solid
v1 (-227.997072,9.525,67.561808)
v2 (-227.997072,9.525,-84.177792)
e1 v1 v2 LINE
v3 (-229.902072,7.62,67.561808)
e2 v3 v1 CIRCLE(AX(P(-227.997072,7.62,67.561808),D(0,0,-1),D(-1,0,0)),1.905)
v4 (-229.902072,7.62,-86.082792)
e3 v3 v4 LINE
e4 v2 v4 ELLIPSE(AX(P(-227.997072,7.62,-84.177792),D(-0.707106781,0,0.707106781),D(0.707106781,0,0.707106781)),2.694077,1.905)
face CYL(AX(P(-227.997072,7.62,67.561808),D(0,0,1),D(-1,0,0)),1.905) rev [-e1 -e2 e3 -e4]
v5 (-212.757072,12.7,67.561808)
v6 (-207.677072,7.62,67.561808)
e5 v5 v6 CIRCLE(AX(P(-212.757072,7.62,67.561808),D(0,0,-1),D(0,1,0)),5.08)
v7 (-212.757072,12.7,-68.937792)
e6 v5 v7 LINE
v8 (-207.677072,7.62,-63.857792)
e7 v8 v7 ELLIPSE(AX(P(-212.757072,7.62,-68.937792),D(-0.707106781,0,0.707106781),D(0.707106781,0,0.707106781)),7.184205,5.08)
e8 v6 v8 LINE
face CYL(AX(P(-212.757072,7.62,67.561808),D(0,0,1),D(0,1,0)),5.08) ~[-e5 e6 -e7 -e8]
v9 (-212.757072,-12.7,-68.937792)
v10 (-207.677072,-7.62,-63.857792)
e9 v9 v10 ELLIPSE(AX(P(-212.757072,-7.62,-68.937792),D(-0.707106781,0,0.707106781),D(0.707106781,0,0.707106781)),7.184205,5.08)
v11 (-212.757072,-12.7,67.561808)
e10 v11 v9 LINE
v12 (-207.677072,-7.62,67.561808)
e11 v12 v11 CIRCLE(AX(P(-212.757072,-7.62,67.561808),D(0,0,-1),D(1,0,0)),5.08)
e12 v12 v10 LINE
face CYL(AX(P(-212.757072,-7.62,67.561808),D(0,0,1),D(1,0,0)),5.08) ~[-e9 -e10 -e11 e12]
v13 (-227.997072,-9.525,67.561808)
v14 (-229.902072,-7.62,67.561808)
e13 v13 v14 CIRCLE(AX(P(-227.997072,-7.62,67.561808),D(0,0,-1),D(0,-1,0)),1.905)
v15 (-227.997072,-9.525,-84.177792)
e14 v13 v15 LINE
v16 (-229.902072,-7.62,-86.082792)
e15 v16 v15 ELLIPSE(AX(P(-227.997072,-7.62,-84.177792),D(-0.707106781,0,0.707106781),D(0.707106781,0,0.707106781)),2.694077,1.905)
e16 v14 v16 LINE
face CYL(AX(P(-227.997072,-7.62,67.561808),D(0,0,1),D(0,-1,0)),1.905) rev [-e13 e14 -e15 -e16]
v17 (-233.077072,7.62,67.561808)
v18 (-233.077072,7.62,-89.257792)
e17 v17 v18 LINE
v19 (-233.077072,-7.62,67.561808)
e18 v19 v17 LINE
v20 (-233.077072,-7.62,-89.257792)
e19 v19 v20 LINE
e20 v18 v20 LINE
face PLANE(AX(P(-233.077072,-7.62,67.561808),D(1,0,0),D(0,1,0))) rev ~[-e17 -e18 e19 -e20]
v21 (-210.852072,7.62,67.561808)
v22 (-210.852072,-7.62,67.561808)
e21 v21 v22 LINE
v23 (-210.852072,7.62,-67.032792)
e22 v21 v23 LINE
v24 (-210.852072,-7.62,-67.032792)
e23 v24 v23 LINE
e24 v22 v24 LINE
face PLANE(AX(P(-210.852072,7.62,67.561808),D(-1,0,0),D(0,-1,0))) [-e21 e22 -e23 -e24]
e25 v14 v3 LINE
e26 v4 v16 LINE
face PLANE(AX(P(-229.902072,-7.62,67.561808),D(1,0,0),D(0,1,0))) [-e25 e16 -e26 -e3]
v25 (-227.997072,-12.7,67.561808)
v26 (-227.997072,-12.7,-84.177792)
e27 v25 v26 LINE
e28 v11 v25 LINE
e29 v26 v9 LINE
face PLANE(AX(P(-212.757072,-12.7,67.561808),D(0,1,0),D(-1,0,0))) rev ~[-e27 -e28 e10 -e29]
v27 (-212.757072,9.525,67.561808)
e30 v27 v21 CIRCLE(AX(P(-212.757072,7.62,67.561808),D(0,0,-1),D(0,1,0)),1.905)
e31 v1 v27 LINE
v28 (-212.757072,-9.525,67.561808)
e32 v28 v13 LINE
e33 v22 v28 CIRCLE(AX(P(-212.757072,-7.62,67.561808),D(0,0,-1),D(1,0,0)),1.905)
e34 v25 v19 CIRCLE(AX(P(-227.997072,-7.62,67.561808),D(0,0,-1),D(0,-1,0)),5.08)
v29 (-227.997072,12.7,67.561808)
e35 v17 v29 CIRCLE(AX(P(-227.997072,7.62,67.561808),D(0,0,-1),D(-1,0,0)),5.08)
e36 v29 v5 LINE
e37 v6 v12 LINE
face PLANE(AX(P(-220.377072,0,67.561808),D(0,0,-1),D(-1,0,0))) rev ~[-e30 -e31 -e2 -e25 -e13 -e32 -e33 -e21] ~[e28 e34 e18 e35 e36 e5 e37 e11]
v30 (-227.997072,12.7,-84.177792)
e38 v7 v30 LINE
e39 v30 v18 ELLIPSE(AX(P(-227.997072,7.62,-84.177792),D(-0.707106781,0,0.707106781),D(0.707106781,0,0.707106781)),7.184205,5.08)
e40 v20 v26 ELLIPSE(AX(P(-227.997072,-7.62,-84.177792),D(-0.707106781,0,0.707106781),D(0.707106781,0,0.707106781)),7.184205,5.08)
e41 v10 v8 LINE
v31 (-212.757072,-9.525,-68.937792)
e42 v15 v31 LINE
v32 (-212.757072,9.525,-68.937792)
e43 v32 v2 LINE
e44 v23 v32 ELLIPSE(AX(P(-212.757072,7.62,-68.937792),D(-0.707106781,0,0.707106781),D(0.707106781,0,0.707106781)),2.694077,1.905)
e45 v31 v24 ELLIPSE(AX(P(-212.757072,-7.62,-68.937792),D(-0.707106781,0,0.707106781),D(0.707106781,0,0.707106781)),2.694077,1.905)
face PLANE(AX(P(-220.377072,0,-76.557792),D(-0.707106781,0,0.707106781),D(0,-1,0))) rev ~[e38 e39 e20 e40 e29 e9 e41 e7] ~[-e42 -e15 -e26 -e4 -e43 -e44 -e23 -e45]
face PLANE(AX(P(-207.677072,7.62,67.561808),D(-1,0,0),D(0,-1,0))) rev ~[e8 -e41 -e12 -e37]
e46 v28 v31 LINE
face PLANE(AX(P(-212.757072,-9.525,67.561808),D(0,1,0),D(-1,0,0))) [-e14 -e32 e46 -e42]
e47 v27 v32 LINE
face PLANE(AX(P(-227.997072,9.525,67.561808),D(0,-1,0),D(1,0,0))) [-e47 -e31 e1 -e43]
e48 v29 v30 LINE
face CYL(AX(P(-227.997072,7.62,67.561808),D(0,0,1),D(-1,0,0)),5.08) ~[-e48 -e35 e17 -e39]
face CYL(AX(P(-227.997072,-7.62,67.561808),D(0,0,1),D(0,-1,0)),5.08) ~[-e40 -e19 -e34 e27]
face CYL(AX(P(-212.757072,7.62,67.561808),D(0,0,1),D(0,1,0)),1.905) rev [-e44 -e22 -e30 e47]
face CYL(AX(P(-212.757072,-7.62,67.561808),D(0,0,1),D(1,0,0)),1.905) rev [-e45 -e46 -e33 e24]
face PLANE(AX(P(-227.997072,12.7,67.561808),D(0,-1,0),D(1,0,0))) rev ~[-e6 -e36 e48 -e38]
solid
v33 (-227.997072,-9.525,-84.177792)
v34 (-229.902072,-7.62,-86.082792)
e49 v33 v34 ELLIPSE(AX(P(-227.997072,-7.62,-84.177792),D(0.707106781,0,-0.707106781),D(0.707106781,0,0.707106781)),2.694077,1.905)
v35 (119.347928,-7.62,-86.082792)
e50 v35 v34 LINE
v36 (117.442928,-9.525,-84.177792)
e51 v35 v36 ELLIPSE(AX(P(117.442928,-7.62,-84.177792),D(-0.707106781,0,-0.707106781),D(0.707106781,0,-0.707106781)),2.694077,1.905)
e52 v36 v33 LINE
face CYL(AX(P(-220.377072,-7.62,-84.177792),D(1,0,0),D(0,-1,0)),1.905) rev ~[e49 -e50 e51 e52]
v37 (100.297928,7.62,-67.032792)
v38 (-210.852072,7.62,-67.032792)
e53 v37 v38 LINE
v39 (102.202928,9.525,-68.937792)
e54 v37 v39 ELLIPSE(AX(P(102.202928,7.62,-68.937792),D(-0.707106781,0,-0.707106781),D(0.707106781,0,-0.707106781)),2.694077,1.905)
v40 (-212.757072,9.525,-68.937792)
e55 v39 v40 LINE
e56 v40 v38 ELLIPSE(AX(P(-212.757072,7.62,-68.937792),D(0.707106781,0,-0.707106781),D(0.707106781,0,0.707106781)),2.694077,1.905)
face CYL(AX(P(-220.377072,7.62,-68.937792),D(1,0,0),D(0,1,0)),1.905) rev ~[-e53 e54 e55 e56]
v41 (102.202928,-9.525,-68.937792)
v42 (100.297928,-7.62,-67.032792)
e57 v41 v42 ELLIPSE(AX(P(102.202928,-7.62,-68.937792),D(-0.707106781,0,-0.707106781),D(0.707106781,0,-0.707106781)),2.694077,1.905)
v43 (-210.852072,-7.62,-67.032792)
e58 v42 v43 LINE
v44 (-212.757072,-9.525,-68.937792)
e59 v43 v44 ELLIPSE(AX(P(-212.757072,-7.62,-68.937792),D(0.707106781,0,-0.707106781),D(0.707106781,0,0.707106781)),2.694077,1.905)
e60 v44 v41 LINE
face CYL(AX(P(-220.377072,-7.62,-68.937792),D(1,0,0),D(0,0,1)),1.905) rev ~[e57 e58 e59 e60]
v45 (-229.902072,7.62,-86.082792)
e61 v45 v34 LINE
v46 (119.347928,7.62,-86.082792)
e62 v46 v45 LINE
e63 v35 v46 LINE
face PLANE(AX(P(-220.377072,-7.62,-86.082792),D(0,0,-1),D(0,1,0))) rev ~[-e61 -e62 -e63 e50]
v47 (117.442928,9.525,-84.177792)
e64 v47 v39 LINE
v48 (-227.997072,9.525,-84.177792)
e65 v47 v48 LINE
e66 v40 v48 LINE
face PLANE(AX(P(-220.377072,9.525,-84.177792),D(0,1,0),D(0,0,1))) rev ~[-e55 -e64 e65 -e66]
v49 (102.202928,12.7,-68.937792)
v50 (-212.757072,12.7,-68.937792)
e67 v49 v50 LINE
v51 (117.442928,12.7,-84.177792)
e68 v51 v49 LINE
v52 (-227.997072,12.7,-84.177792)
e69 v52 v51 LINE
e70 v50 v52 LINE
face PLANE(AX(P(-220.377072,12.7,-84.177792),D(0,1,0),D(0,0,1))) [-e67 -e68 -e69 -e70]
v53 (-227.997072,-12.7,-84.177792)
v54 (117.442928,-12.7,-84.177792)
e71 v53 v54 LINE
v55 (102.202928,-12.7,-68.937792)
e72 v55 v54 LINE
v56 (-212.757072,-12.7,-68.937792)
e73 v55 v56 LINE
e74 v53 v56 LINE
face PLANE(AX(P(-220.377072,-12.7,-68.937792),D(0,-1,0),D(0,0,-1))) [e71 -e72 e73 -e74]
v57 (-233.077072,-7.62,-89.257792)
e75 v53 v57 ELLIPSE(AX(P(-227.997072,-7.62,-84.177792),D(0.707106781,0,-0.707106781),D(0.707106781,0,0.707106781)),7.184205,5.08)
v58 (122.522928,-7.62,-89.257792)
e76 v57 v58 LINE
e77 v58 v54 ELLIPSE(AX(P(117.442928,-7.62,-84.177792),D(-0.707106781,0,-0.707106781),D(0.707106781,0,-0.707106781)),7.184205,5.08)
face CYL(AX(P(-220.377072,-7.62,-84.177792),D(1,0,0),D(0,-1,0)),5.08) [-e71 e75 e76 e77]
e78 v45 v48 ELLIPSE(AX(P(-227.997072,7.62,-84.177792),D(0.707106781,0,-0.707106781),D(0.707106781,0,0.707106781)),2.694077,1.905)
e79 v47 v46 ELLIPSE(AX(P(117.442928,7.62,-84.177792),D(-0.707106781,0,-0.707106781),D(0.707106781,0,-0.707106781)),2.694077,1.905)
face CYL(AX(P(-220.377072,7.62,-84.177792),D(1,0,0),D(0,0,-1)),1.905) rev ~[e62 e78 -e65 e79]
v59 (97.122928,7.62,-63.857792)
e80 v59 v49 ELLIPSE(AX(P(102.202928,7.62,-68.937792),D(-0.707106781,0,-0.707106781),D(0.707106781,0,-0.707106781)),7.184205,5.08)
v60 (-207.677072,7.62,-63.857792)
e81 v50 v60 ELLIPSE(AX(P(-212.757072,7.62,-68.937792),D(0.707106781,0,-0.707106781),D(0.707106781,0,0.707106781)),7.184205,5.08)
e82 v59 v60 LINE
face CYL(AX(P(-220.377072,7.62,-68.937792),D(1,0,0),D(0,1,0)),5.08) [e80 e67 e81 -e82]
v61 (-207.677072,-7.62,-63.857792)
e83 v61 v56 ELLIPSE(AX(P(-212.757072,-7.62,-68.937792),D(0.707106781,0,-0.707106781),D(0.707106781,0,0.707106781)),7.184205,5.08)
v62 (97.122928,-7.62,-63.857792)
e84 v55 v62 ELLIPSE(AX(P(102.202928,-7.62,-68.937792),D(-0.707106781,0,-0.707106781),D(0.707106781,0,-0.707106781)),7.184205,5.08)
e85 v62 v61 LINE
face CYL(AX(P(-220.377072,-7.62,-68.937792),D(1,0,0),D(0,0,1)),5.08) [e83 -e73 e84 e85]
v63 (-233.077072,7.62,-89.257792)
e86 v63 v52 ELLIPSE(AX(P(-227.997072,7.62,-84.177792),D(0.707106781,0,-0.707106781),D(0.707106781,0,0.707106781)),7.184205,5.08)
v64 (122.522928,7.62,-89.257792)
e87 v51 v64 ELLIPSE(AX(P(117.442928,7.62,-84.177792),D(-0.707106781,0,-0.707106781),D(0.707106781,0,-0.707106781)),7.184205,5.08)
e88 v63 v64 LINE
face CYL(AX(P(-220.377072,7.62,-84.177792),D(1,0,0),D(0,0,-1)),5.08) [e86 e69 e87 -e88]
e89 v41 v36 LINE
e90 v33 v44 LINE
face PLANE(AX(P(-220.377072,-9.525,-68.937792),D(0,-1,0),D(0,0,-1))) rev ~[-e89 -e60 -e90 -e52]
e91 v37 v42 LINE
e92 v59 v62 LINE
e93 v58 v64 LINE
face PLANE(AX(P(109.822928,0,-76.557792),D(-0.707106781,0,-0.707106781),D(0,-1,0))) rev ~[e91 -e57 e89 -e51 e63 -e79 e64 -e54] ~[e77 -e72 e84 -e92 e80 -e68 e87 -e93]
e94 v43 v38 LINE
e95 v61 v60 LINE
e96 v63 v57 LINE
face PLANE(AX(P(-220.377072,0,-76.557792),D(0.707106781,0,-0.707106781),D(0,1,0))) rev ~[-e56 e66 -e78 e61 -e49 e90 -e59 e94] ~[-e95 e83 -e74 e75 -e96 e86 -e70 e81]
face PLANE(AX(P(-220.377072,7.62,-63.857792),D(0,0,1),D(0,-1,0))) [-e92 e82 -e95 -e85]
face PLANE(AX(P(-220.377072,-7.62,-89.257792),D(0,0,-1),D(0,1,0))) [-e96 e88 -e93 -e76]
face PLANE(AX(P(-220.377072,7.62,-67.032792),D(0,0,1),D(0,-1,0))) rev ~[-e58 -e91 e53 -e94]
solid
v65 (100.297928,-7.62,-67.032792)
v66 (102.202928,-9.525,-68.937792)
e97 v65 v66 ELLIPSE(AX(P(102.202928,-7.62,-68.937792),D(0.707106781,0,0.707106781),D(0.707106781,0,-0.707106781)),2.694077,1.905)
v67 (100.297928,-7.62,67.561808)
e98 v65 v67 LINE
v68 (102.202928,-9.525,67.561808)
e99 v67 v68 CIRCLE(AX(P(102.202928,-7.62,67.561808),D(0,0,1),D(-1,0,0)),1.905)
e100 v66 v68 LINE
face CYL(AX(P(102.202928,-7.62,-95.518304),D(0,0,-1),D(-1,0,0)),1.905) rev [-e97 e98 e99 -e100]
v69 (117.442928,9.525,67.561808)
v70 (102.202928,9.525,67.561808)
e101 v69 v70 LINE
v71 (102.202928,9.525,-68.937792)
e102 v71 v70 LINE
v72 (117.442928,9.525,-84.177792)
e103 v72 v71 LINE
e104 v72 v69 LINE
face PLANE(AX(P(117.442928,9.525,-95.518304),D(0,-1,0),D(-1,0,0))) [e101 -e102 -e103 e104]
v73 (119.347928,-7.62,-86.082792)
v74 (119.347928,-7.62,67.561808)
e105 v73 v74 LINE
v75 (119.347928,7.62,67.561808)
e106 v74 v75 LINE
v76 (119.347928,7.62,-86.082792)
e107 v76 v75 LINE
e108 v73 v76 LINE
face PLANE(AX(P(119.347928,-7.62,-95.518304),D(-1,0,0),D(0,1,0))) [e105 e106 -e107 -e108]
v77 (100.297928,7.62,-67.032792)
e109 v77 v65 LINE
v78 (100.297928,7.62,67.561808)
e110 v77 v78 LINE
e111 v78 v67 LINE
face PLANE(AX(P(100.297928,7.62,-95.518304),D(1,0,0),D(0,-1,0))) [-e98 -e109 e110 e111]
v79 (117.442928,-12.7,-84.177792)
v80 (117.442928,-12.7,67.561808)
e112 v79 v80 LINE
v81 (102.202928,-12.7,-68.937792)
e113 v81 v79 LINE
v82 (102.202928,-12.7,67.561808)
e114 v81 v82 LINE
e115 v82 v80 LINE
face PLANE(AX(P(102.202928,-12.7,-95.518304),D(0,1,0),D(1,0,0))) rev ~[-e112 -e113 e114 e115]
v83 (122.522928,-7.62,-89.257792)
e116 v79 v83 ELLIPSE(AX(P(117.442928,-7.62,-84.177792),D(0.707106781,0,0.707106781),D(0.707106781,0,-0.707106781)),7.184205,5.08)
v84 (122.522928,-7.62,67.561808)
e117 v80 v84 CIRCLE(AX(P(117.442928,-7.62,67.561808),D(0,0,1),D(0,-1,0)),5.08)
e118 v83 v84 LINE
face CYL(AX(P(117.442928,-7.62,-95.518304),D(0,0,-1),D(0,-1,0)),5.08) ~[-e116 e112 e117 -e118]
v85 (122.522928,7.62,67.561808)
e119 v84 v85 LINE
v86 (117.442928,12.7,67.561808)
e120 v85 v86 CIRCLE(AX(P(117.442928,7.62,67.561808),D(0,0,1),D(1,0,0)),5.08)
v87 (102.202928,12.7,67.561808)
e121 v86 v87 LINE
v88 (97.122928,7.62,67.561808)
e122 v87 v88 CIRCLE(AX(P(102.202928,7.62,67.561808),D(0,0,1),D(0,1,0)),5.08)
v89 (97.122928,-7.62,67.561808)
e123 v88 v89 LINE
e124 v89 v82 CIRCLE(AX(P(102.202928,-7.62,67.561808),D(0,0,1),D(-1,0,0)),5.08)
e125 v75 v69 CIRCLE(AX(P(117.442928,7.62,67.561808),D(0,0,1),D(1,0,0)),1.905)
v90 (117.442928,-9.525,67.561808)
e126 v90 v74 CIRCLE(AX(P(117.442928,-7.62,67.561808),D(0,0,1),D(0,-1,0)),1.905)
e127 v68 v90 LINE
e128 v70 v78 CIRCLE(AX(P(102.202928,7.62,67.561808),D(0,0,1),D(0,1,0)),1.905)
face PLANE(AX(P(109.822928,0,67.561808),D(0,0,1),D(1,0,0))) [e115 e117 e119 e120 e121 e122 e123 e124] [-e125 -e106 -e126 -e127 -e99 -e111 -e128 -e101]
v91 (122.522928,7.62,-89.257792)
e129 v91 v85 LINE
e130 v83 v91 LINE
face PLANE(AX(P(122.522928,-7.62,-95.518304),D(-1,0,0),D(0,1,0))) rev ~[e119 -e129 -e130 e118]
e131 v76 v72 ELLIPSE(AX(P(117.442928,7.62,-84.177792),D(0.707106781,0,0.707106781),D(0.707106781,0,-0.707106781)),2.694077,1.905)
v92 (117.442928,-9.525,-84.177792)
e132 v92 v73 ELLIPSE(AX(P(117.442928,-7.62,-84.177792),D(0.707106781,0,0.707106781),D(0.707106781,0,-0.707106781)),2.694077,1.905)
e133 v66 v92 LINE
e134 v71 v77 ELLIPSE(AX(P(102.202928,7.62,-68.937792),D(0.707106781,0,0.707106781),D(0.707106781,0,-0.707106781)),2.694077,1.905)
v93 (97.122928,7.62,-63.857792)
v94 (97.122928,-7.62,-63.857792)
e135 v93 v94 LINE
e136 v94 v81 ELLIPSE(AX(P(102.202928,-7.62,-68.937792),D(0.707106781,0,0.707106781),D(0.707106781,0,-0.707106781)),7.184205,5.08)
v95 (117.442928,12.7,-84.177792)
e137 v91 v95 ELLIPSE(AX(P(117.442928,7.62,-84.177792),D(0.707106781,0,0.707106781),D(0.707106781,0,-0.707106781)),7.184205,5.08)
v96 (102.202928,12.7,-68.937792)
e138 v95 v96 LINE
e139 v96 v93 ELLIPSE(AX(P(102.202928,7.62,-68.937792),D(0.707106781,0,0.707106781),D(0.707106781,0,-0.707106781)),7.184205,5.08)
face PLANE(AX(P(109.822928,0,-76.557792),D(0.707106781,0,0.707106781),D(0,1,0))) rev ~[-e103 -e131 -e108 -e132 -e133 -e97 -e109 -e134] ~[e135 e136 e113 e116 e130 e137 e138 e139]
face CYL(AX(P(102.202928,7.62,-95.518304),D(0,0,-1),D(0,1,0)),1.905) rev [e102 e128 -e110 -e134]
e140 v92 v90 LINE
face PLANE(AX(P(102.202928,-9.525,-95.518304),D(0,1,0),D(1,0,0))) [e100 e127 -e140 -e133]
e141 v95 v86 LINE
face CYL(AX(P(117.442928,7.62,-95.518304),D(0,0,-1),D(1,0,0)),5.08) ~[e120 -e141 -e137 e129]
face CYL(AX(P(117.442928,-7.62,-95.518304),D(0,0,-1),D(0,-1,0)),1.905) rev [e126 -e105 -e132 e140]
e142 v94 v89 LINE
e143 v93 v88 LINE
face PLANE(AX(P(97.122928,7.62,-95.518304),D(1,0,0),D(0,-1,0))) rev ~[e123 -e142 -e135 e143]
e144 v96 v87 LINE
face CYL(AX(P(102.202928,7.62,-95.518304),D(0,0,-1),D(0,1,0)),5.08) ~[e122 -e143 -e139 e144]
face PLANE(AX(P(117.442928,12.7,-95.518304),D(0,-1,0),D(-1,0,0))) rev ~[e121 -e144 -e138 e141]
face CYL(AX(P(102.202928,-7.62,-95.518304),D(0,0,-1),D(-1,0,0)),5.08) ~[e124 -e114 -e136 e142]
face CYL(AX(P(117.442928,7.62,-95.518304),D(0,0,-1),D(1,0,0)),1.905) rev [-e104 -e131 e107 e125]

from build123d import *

# Parameters (mm, degrees)
SQUARE_TUBING_1_X_1_X_0_125_1_DEPTH        = 163.080112242
SQUARE_TUBING_1_X_1_X_0_125_1_2_DEPTH      = 349.160512242
SQUARE_TUBING_1_X_1_X_0_125_1_2_DEPTH_BACK = 18.960512242
SQUARE_TUBING_1_X_1_X_0_125_1_3_DEPTH      = 163.080112242


with BuildPart() as part:
    # Sketch12 on segment 1 (carried to segment 1) → Square tubing 1 X 1 X 0.125(1) (new body)
    with BuildSketch(Plane(origin=(-220.377072335, 0, 67.561808122), x_dir=(-1, 0, 0), z_dir=(0, 0, -1))):
        with BuildLine():
            Line((-7.62, -12.7), (7.62, -12.7))
            ThreePointArc((7.62, -12.7), (11.212102448, -11.212102448), (12.7, -7.62))
            Line((12.7, -7.62), (12.7, 7.62))
            ThreePointArc((12.7, 7.62), (11.212102448, 11.212102448), (7.62, 12.7))
            Line((7.62, 12.7), (-7.62, 12.7))
            ThreePointArc((-7.62, 12.7), (-11.212102448, 11.212102448), (-12.7, 7.62))
            Line((-12.7, 7.62), (-12.7, -7.62))
            ThreePointArc((-12.7, -7.62), (-11.212102448, -11.212102448), (-7.62, -12.7))
        make_face()
        with BuildLine():
            Line((-7.62, -9.525), (7.62, -9.525))
            ThreePointArc((7.62, -9.525), (8.967038418, -8.967038418), (9.525, -7.62))
            Line((9.525, -7.62), (9.525, 7.62))
            ThreePointArc((9.525, 7.62), (8.967038418, 8.967038418), (7.62, 9.525))
            Line((7.62, 9.525), (-7.62, 9.525))
            ThreePointArc((-7.62, 9.525), (-8.967038418, 8.967038418), (-9.525, 7.62))
            Line((-9.525, 7.62), (-9.525, -7.62))
            ThreePointArc((-9.525, -7.62), (-8.967038418, -8.967038418), (-7.62, -9.525))
        make_face(mode=Mode.SUBTRACT)
    extrude(amount=SQUARE_TUBING_1_X_1_X_0_125_1_DEPTH)

    # Square tubing 1 X 1 X 0.125(1) mitre 1
    split(bisect_by=Plane(origin=(-220.377072335, 0, -76.557791878), x_dir=(0, -1, 0), z_dir=(-0.707106781, 0, 0.707106781)), keep=Keep.TOP)


with BuildPart() as body_2:
    # Sketch12 → Square tubing 1 X 1 X 0.125_1 2 (new, two sides)
    with BuildSketch(Plane(origin=(-220.377072335, 0, -76.557791878), x_dir=(0, 0, -1), z_dir=(1, 0, 0))) as square_tubing_1_x_1_x_0_125_1_2_sk:
        with BuildLine():
            Line((-7.62, -12.7), (7.62, -12.7))
            ThreePointArc((7.62, -12.7), (11.212102448, -11.212102448), (12.7, -7.62))
            Line((12.7, -7.62), (12.7, 7.62))
            ThreePointArc((12.7, 7.62), (11.212102448, 11.212102448), (7.62, 12.7))
            Line((7.62, 12.7), (-7.62, 12.7))
            ThreePointArc((-7.62, 12.7), (-11.212102448, 11.212102448), (-12.7, 7.62))
            Line((-12.7, 7.62), (-12.7, -7.62))
            ThreePointArc((-12.7, -7.62), (-11.212102448, -11.212102448), (-7.62, -12.7))
        make_face()
        with BuildLine():
            Line((-7.62, -9.525), (7.62, -9.525))
            ThreePointArc((7.62, -9.525), (8.967038418, -8.967038418), (9.525, -7.62))
            Line((9.525, -7.62), (9.525, 7.62))
            ThreePointArc((9.525, 7.62), (8.967038418, 8.967038418), (7.62, 9.525))
            Line((7.62, 9.525), (-7.62, 9.525))
            ThreePointArc((-7.62, 9.525), (-8.967038418, 8.967038418), (-9.525, 7.62))
            Line((-9.525, 7.62), (-9.525, -7.62))
            ThreePointArc((-9.525, -7.62), (-8.967038418, -8.967038418), (-7.62, -9.525))
        make_face(mode=Mode.SUBTRACT)
    extrude(amount=SQUARE_TUBING_1_X_1_X_0_125_1_2_DEPTH)
    extrude(square_tubing_1_x_1_x_0_125_1_2_sk.sketch, amount=-SQUARE_TUBING_1_X_1_X_0_125_1_2_DEPTH_BACK)

    # Square tubing 1 X 1 X 0.125_1 2 mitre 1
    split(bisect_by=Plane(origin=(-220.377072335, 0, -76.557791878), x_dir=(0, 1, 0), z_dir=(0.707106781, 0, -0.707106781)), keep=Keep.TOP)

    # Square tubing 1 X 1 X 0.125_1 2 mitre 2
    split(bisect_by=Plane(origin=(109.822927665, 0, -76.557791878), x_dir=(0, -1, 0), z_dir=(-0.707106781, 0, -0.707106781)), keep=Keep.TOP)


with BuildPart() as body_3:
    # Sketch12 on segment 3 (carried to segment 3) → Square tubing 1 X 1 X 0.125_1 3 (new body)
    with BuildSketch(Plane(origin=(109.822927665, 0, -95.51830412), x_dir=(1, 0, 0), z_dir=(0, 0, 1))):
        with BuildLine():
            Line((-7.62, -12.7), (7.62, -12.7))
            ThreePointArc((7.62, -12.7), (11.212102448, -11.212102448), (12.7, -7.62))
            Line((12.7, -7.62), (12.7, 7.62))
            ThreePointArc((12.7, 7.62), (11.212102448, 11.212102448), (7.62, 12.7))
            Line((7.62, 12.7), (-7.62, 12.7))
            ThreePointArc((-7.62, 12.7), (-11.212102448, 11.212102448), (-12.7, 7.62))
            Line((-12.7, 7.62), (-12.7, -7.62))
            ThreePointArc((-12.7, -7.62), (-11.212102448, -11.212102448), (-7.62, -12.7))
        make_face()
        with BuildLine():
            Line((-7.62, -9.525), (7.62, -9.525))
            ThreePointArc((7.62, -9.525), (8.967038418, -8.967038418), (9.525, -7.62))
            Line((9.525, -7.62), (9.525, 7.62))
            ThreePointArc((9.525, 7.62), (8.967038418, 8.967038418), (7.62, 9.525))
            Line((7.62, 9.525), (-7.62, 9.525))
            ThreePointArc((-7.62, 9.525), (-8.967038418, 8.967038418), (-9.525, 7.62))
            Line((-9.525, 7.62), (-9.525, -7.62))
            ThreePointArc((-9.525, -7.62), (-8.967038418, -8.967038418), (-7.62, -9.525))
        make_face(mode=Mode.SUBTRACT)
    extrude(amount=SQUARE_TUBING_1_X_1_X_0_125_1_3_DEPTH)

    # Square tubing 1 X 1 X 0.125_1 3 mitre 1
    split(bisect_by=Plane(origin=(109.822927665, 0, -76.557791878), x_dir=(0, 1, 0), z_dir=(0.707106781, 0, 0.707106781)), keep=Keep.TOP)


solid = Compound([part.part, body_2.part, body_3.part])
